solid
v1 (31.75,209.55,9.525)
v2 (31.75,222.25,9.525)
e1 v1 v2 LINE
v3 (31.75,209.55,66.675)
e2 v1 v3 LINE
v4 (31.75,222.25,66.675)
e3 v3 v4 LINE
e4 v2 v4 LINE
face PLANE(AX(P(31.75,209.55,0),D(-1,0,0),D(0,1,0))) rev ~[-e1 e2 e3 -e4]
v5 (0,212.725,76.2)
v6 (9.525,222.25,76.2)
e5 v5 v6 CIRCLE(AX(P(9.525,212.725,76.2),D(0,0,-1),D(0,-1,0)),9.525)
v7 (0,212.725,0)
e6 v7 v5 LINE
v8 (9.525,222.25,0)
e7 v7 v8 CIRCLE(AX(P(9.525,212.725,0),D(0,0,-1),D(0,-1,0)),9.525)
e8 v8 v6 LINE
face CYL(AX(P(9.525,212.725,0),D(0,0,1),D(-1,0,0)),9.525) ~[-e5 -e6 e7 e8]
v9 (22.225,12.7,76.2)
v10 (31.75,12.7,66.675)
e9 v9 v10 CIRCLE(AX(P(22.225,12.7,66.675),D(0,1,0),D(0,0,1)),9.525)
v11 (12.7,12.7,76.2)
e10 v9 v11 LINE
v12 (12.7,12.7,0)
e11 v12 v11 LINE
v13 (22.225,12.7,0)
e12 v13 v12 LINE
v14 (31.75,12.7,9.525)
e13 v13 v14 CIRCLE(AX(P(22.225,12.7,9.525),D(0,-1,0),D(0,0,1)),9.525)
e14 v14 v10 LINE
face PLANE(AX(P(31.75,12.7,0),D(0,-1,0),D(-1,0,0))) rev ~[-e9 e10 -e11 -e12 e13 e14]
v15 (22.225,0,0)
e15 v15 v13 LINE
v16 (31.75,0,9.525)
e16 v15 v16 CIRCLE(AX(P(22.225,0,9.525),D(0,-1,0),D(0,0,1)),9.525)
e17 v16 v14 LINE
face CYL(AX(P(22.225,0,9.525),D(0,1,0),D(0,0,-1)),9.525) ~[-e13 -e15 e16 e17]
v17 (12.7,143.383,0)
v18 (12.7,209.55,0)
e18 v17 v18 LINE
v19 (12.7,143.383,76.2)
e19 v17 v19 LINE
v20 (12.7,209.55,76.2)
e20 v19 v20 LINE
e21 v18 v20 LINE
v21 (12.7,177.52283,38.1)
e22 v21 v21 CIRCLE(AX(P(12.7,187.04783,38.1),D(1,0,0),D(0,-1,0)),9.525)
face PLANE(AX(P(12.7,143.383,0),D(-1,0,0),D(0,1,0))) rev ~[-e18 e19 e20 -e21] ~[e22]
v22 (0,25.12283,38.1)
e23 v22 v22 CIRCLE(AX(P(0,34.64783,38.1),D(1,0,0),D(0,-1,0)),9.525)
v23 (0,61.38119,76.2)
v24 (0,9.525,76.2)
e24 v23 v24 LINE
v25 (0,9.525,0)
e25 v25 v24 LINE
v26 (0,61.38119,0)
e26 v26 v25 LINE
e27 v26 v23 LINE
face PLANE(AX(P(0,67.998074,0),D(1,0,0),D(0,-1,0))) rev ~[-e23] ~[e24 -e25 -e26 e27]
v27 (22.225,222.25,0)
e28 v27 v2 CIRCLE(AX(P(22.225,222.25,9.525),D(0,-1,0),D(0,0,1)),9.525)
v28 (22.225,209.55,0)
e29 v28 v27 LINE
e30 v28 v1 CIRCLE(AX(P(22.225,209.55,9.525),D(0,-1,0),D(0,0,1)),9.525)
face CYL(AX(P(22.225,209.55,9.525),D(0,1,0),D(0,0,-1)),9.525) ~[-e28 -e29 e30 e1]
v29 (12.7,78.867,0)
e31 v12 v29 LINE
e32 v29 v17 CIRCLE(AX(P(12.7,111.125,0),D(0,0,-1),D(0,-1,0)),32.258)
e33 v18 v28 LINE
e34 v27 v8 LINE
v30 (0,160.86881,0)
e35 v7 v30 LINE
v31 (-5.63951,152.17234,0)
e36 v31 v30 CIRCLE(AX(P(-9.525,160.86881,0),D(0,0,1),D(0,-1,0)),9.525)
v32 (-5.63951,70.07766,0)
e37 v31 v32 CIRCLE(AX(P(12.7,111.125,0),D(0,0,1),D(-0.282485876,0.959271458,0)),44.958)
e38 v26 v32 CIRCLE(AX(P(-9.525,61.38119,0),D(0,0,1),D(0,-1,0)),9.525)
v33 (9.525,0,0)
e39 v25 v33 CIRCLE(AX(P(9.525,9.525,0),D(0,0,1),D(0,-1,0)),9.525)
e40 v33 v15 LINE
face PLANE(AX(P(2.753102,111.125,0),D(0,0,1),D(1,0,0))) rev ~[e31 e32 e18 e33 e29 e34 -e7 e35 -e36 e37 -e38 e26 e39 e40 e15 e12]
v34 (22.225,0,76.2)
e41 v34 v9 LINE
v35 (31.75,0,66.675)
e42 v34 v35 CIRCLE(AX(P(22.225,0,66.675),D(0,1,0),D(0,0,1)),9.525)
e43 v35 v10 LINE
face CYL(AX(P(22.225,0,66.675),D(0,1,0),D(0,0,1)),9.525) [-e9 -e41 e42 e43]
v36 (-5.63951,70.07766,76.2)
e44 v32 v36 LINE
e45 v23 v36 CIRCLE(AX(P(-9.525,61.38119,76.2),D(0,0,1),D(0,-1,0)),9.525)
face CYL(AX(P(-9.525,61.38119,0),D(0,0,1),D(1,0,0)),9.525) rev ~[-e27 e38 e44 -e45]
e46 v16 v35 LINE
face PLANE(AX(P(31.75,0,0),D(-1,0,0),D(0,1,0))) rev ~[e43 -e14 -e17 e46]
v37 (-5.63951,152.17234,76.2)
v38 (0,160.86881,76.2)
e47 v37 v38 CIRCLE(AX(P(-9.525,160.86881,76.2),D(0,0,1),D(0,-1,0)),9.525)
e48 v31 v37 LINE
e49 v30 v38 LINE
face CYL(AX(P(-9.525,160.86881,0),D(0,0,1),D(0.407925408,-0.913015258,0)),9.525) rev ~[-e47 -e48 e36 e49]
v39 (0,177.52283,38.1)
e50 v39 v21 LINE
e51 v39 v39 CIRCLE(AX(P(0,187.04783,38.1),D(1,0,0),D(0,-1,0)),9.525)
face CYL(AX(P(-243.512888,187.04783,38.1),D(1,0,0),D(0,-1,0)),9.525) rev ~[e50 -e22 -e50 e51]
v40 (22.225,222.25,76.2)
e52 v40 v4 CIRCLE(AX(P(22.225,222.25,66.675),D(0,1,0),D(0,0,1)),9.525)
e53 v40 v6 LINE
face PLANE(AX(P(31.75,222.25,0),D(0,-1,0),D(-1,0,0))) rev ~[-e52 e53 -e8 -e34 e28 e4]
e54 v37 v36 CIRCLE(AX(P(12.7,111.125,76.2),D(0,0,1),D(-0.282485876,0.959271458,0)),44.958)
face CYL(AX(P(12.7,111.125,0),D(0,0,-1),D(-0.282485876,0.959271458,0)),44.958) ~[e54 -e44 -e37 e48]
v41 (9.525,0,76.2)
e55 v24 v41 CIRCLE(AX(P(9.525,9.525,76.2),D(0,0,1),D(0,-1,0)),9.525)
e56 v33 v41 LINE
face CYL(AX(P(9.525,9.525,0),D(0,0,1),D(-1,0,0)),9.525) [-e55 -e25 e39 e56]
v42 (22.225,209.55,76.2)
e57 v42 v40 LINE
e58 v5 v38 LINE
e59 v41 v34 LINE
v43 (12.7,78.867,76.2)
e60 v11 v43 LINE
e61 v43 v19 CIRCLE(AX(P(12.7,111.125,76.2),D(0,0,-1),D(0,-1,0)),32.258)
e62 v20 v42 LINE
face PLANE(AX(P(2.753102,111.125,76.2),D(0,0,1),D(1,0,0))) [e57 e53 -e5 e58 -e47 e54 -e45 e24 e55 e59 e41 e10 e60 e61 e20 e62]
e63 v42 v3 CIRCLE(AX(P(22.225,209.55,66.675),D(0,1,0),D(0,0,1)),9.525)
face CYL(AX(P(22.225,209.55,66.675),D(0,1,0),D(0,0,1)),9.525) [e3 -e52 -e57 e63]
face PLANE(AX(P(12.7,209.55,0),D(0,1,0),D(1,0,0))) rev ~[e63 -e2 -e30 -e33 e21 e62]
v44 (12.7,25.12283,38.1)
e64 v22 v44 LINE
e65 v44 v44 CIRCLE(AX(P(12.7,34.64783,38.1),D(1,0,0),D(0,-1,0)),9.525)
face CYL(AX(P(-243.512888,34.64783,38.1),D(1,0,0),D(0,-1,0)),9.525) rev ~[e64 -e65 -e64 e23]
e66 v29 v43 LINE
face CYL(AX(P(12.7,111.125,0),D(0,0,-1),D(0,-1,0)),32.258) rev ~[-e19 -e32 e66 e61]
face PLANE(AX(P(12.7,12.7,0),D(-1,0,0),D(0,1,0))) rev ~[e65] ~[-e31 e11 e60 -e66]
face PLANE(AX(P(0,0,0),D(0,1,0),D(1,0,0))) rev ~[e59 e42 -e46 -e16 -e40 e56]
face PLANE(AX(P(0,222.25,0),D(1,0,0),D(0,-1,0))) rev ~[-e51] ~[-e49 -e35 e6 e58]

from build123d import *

# Parameters (mm, degrees)
F1_DEPTH = 76.2
F3_D     = 19.05
F4_R     = 9.525


with BuildPart() as f1:
    # F0 (on Top) → F1 (new body)
    with BuildSketch(Plane.XY):
        with BuildLine():
            Line((0, 67.9980737937), (0, 0))
            Line((0, 0), (31.75, 0))
            Line((31.75, 0), (31.75, 12.7))
            Line((31.75, 12.7), (12.7, 12.7))
            Line((12.7, 12.7), (12.7, 78.867))
            ThreePointArc((12.7, 78.867), (-19.558, 111.125), (12.7, 143.383))
            Line((12.7, 143.383), (12.7, 209.55))
            Line((12.7, 209.55), (31.75, 209.55))
            Line((31.75, 209.55), (31.75, 222.25))
            Line((31.75, 222.25), (0, 222.25))
            Line((0, 222.25), (0, 154.2519262063))
            ThreePointArc((0, 154.2519262063), (-32.258, 111.125), (0, 67.9980737937))
        make_face()
    extrude(amount=F1_DEPTH)

    # F3 (through all)
    with Locations(Plane(origin=(0, 0, 0), x_dir=(0, 1, 0), z_dir=(-1, 0, 0))):
        with Locations((187.0478298216, -38.1), (34.6478298216, -38.1)):
            Hole(F3_D / 2)

    # F4
    f4_edges = [f1.edges().sort_by_distance(p)[0] for p in [
        (0, 67.998074, 38.1),
        (0, 154.251926, 38.1),
        (0, 0, 38.1),
        (31.75, 6.35, 76.2),
        (31.75, 6.35, 0),
        (31.75, 215.9, 76.2),
        (31.75, 215.9, 0),
        (0, 222.25, 38.1),
    ]]
    fillet(f4_edges, radius=F4_R)


solid = f1.part
